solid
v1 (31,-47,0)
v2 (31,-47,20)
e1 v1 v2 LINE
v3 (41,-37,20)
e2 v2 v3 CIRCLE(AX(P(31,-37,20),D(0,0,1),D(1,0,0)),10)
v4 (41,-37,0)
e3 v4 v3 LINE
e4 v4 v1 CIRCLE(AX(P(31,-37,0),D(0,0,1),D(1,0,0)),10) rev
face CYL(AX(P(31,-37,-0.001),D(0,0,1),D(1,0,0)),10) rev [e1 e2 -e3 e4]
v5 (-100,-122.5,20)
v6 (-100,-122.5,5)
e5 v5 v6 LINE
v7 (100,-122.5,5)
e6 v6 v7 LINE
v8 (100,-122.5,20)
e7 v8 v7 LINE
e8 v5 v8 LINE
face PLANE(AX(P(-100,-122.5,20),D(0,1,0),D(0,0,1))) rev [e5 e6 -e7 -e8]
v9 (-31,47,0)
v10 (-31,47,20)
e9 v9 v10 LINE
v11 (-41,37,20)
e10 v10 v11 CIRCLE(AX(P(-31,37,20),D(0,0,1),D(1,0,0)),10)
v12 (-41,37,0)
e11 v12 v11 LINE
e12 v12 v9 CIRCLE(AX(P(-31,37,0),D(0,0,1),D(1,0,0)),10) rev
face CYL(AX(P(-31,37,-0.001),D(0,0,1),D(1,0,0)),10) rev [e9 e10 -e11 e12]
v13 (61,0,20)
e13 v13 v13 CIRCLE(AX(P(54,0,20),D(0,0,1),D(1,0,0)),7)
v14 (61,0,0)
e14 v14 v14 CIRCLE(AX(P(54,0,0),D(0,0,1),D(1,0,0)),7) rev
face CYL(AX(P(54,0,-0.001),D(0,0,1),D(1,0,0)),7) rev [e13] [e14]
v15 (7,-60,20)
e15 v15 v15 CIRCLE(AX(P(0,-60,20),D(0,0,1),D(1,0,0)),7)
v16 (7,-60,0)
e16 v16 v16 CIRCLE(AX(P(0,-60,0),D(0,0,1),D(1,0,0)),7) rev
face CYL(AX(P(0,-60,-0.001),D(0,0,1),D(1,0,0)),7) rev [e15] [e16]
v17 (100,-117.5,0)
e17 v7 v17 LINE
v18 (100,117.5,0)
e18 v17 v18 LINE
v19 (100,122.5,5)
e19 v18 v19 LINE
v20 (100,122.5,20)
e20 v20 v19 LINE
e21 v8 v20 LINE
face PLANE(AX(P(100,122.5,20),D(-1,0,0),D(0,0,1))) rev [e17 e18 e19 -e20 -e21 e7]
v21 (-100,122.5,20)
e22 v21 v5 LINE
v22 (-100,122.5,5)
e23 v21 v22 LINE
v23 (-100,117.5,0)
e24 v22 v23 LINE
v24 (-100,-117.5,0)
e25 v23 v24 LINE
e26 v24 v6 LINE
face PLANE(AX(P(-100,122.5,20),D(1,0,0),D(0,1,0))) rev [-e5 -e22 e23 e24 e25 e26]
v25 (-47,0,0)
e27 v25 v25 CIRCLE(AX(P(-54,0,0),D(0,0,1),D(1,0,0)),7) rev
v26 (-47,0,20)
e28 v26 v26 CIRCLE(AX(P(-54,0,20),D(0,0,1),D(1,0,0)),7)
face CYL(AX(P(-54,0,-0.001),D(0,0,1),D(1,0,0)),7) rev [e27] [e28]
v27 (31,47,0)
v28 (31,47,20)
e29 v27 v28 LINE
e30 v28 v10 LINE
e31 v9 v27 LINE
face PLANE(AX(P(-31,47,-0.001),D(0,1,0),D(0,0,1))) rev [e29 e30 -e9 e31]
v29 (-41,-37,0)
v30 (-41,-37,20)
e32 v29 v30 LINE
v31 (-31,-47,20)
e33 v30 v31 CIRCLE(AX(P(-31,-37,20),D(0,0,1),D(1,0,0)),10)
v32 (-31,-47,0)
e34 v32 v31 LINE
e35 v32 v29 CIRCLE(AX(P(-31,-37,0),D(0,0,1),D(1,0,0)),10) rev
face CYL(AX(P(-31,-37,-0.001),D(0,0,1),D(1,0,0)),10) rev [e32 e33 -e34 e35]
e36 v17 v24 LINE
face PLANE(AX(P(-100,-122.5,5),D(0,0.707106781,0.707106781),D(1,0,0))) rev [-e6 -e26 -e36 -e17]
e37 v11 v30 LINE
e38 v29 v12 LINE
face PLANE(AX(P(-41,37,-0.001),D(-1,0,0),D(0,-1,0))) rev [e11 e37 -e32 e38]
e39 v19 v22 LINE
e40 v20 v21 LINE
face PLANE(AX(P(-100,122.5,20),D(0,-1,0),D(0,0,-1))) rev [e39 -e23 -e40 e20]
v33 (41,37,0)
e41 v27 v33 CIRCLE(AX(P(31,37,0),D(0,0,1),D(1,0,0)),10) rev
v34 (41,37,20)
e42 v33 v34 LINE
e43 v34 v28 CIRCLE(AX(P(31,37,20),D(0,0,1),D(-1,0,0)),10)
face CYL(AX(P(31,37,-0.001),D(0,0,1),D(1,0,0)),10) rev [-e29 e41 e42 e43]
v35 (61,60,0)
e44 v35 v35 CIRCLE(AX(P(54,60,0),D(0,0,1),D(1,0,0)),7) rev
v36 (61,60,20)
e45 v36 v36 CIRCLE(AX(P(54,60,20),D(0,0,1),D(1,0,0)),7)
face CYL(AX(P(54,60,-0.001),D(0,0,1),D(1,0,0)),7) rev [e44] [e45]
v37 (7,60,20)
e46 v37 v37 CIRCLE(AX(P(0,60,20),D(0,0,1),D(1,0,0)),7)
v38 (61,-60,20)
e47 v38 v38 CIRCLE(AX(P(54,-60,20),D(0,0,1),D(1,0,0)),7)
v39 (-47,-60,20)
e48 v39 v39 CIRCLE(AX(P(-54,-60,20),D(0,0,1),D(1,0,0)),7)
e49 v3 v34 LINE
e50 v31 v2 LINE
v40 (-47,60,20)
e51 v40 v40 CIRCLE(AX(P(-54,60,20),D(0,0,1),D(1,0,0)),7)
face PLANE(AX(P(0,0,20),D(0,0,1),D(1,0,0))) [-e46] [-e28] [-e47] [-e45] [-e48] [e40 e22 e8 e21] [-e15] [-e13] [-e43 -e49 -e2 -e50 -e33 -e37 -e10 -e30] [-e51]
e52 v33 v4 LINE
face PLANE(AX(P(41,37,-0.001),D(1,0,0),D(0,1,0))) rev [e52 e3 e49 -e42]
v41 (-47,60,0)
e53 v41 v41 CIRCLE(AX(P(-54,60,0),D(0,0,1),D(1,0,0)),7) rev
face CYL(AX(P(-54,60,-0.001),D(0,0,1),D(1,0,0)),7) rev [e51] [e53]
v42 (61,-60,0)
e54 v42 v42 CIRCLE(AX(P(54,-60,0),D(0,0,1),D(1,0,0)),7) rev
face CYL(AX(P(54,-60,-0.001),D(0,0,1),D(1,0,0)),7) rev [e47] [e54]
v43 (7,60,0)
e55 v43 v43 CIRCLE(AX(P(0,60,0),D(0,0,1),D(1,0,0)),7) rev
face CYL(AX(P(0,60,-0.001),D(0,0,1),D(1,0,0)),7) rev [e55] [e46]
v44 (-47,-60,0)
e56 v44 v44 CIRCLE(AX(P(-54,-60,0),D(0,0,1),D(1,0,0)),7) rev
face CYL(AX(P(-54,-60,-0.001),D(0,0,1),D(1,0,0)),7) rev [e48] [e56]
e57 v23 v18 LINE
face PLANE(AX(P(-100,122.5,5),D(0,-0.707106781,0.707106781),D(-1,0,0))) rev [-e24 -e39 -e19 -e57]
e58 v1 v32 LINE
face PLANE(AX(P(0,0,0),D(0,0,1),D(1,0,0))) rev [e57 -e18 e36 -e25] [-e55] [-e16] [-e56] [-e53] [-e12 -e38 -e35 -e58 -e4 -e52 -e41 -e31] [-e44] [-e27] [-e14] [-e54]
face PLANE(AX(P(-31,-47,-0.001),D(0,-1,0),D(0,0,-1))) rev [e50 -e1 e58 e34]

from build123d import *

# Parameters (mm, degrees)
SKETCH_1_W          = 200
SKETCH_1_H          = 245
EXTRUDE_1_DEPTH     = 20
CUT_EXTRUDE_1_REACH = 161.393
SKETCH_2_R          = 7
CHAMFER_1_SIZE      = 5


with BuildPart() as part:
    # 草图1 → 凸台-拉伸1 (new body)
    with BuildSketch(Plane.XY):
        Rectangle(SKETCH_1_W, SKETCH_1_H)
    extrude(amount=EXTRUDE_1_DEPTH)

    # 草图2 → 切除-拉伸1 (cut, up to next)
    with BuildSketch(Plane.XY.offset(20), mode=Mode.PRIVATE) as cut_extrude_1_sk1:
        with Locations((-54, 60)):
            Circle(SKETCH_2_R)
    cut_extrude_1_tool1 = extrude(cut_extrude_1_sk1.sketch, amount=-CUT_EXTRUDE_1_REACH, mode=Mode.PRIVATE) & part.part
    # 草图2 → 切除-拉伸1 (cut, up to next)
    with BuildSketch(Plane.XY.offset(20), mode=Mode.PRIVATE) as cut_extrude_1_sk2:
        with Locations((0, 60)):
            Circle(SKETCH_2_R)
    cut_extrude_1_tool2 = extrude(cut_extrude_1_sk2.sketch, amount=-CUT_EXTRUDE_1_REACH, mode=Mode.PRIVATE) & part.part
    # 草图2 → 切除-拉伸1 (cut, up to next)
    with BuildSketch(Plane.XY.offset(20), mode=Mode.PRIVATE) as cut_extrude_1_sk3:
        with Locations((54, 60)):
            Circle(SKETCH_2_R)
    cut_extrude_1_tool3 = extrude(cut_extrude_1_sk3.sketch, amount=-CUT_EXTRUDE_1_REACH, mode=Mode.PRIVATE) & part.part
    # 草图2 → 切除-拉伸1 (cut, up to next)
    with BuildSketch(Plane.XY.offset(20), mode=Mode.PRIVATE) as cut_extrude_1_sk4:
        with Locations((-54, 0)):
            Circle(SKETCH_2_R)
    cut_extrude_1_tool4 = extrude(cut_extrude_1_sk4.sketch, amount=-CUT_EXTRUDE_1_REACH, mode=Mode.PRIVATE) & part.part
    # 草图2 → 切除-拉伸1 (cut, up to next)
    with BuildSketch(Plane.XY.offset(20), mode=Mode.PRIVATE) as cut_extrude_1_sk5:
        with Locations((54, 0)):
            Circle(SKETCH_2_R)
    cut_extrude_1_tool5 = extrude(cut_extrude_1_sk5.sketch, amount=-CUT_EXTRUDE_1_REACH, mode=Mode.PRIVATE) & part.part
    # 草图2 → 切除-拉伸1 (cut, up to next)
    with BuildSketch(Plane.XY.offset(20), mode=Mode.PRIVATE) as cut_extrude_1_sk6:
        with Locations((-54, -60)):
            Circle(SKETCH_2_R)
    cut_extrude_1_tool6 = extrude(cut_extrude_1_sk6.sketch, amount=-CUT_EXTRUDE_1_REACH, mode=Mode.PRIVATE) & part.part
    # 草图2 → 切除-拉伸1 (cut, up to next)
    with BuildSketch(Plane.XY.offset(20), mode=Mode.PRIVATE) as cut_extrude_1_sk7:
        with Locations((0, -60)):
            Circle(SKETCH_2_R)
    cut_extrude_1_tool7 = extrude(cut_extrude_1_sk7.sketch, amount=-CUT_EXTRUDE_1_REACH, mode=Mode.PRIVATE) & part.part
    # 草图2 → 切除-拉伸1 (cut, up to next)
    with BuildSketch(Plane.XY.offset(20), mode=Mode.PRIVATE) as cut_extrude_1_sk8:
        with Locations((54, -60)):
            Circle(SKETCH_2_R)
    cut_extrude_1_tool8 = extrude(cut_extrude_1_sk8.sketch, amount=-CUT_EXTRUDE_1_REACH, mode=Mode.PRIVATE) & part.part
    # 草图2 → 切除-拉伸1 (cut, up to next)
    with BuildSketch(Plane.XY.offset(20), mode=Mode.PRIVATE) as cut_extrude_1_sk9:
        with BuildLine():
            Line((-31, 47), (31, 47))
            ThreePointArc((31, 47), (38.071067812, 44.071067812), (41, 37))
            Line((41, 37), (41, -37))
            ThreePointArc((41, -37), (38.071067812, -44.071067812), (31, -47))
            Line((31, -47), (-31, -47))
            ThreePointArc((-31, -47), (-38.071067812, -44.071067812), (-41, -37))
            Line((-41, -37), (-41, 37))
            ThreePointArc((-41, 37), (-38.071067812, 44.071067812), (-31, 47))
        make_face()
    cut_extrude_1_tool9 = extrude(cut_extrude_1_sk9.sketch, amount=-CUT_EXTRUDE_1_REACH, mode=Mode.PRIVATE) & part.part
    add(cut_extrude_1_tool1.solids().sort_by_distance((-54, 60, 20))[0], mode=Mode.SUBTRACT)
    add(cut_extrude_1_tool2.solids().sort_by_distance((0, 60, 20))[0], mode=Mode.SUBTRACT)
    add(cut_extrude_1_tool3.solids().sort_by_distance((54, 60, 20))[0], mode=Mode.SUBTRACT)
    add(cut_extrude_1_tool4.solids().sort_by_distance((-54, 0, 20))[0], mode=Mode.SUBTRACT)
    add(cut_extrude_1_tool5.solids().sort_by_distance((54, 0, 20))[0], mode=Mode.SUBTRACT)
    add(cut_extrude_1_tool6.solids().sort_by_distance((-54, -60, 20))[0], mode=Mode.SUBTRACT)
    add(cut_extrude_1_tool7.solids().sort_by_distance((0, -60, 20))[0], mode=Mode.SUBTRACT)
    add(cut_extrude_1_tool8.solids().sort_by_distance((54, -60, 20))[0], mode=Mode.SUBTRACT)
    add(cut_extrude_1_tool9.solids().sort_by_distance((0, 0, 20))[0], mode=Mode.SUBTRACT)

    # 倒角1
    chamfer_1_edges = [part.edges().sort_by_distance(p)[0] for p in [
        (0, -122.5, 0),
        (0, 122.5, 0),
    ]]
    chamfer(chamfer_1_edges, length=CHAMFER_1_SIZE)


solid = part.part
